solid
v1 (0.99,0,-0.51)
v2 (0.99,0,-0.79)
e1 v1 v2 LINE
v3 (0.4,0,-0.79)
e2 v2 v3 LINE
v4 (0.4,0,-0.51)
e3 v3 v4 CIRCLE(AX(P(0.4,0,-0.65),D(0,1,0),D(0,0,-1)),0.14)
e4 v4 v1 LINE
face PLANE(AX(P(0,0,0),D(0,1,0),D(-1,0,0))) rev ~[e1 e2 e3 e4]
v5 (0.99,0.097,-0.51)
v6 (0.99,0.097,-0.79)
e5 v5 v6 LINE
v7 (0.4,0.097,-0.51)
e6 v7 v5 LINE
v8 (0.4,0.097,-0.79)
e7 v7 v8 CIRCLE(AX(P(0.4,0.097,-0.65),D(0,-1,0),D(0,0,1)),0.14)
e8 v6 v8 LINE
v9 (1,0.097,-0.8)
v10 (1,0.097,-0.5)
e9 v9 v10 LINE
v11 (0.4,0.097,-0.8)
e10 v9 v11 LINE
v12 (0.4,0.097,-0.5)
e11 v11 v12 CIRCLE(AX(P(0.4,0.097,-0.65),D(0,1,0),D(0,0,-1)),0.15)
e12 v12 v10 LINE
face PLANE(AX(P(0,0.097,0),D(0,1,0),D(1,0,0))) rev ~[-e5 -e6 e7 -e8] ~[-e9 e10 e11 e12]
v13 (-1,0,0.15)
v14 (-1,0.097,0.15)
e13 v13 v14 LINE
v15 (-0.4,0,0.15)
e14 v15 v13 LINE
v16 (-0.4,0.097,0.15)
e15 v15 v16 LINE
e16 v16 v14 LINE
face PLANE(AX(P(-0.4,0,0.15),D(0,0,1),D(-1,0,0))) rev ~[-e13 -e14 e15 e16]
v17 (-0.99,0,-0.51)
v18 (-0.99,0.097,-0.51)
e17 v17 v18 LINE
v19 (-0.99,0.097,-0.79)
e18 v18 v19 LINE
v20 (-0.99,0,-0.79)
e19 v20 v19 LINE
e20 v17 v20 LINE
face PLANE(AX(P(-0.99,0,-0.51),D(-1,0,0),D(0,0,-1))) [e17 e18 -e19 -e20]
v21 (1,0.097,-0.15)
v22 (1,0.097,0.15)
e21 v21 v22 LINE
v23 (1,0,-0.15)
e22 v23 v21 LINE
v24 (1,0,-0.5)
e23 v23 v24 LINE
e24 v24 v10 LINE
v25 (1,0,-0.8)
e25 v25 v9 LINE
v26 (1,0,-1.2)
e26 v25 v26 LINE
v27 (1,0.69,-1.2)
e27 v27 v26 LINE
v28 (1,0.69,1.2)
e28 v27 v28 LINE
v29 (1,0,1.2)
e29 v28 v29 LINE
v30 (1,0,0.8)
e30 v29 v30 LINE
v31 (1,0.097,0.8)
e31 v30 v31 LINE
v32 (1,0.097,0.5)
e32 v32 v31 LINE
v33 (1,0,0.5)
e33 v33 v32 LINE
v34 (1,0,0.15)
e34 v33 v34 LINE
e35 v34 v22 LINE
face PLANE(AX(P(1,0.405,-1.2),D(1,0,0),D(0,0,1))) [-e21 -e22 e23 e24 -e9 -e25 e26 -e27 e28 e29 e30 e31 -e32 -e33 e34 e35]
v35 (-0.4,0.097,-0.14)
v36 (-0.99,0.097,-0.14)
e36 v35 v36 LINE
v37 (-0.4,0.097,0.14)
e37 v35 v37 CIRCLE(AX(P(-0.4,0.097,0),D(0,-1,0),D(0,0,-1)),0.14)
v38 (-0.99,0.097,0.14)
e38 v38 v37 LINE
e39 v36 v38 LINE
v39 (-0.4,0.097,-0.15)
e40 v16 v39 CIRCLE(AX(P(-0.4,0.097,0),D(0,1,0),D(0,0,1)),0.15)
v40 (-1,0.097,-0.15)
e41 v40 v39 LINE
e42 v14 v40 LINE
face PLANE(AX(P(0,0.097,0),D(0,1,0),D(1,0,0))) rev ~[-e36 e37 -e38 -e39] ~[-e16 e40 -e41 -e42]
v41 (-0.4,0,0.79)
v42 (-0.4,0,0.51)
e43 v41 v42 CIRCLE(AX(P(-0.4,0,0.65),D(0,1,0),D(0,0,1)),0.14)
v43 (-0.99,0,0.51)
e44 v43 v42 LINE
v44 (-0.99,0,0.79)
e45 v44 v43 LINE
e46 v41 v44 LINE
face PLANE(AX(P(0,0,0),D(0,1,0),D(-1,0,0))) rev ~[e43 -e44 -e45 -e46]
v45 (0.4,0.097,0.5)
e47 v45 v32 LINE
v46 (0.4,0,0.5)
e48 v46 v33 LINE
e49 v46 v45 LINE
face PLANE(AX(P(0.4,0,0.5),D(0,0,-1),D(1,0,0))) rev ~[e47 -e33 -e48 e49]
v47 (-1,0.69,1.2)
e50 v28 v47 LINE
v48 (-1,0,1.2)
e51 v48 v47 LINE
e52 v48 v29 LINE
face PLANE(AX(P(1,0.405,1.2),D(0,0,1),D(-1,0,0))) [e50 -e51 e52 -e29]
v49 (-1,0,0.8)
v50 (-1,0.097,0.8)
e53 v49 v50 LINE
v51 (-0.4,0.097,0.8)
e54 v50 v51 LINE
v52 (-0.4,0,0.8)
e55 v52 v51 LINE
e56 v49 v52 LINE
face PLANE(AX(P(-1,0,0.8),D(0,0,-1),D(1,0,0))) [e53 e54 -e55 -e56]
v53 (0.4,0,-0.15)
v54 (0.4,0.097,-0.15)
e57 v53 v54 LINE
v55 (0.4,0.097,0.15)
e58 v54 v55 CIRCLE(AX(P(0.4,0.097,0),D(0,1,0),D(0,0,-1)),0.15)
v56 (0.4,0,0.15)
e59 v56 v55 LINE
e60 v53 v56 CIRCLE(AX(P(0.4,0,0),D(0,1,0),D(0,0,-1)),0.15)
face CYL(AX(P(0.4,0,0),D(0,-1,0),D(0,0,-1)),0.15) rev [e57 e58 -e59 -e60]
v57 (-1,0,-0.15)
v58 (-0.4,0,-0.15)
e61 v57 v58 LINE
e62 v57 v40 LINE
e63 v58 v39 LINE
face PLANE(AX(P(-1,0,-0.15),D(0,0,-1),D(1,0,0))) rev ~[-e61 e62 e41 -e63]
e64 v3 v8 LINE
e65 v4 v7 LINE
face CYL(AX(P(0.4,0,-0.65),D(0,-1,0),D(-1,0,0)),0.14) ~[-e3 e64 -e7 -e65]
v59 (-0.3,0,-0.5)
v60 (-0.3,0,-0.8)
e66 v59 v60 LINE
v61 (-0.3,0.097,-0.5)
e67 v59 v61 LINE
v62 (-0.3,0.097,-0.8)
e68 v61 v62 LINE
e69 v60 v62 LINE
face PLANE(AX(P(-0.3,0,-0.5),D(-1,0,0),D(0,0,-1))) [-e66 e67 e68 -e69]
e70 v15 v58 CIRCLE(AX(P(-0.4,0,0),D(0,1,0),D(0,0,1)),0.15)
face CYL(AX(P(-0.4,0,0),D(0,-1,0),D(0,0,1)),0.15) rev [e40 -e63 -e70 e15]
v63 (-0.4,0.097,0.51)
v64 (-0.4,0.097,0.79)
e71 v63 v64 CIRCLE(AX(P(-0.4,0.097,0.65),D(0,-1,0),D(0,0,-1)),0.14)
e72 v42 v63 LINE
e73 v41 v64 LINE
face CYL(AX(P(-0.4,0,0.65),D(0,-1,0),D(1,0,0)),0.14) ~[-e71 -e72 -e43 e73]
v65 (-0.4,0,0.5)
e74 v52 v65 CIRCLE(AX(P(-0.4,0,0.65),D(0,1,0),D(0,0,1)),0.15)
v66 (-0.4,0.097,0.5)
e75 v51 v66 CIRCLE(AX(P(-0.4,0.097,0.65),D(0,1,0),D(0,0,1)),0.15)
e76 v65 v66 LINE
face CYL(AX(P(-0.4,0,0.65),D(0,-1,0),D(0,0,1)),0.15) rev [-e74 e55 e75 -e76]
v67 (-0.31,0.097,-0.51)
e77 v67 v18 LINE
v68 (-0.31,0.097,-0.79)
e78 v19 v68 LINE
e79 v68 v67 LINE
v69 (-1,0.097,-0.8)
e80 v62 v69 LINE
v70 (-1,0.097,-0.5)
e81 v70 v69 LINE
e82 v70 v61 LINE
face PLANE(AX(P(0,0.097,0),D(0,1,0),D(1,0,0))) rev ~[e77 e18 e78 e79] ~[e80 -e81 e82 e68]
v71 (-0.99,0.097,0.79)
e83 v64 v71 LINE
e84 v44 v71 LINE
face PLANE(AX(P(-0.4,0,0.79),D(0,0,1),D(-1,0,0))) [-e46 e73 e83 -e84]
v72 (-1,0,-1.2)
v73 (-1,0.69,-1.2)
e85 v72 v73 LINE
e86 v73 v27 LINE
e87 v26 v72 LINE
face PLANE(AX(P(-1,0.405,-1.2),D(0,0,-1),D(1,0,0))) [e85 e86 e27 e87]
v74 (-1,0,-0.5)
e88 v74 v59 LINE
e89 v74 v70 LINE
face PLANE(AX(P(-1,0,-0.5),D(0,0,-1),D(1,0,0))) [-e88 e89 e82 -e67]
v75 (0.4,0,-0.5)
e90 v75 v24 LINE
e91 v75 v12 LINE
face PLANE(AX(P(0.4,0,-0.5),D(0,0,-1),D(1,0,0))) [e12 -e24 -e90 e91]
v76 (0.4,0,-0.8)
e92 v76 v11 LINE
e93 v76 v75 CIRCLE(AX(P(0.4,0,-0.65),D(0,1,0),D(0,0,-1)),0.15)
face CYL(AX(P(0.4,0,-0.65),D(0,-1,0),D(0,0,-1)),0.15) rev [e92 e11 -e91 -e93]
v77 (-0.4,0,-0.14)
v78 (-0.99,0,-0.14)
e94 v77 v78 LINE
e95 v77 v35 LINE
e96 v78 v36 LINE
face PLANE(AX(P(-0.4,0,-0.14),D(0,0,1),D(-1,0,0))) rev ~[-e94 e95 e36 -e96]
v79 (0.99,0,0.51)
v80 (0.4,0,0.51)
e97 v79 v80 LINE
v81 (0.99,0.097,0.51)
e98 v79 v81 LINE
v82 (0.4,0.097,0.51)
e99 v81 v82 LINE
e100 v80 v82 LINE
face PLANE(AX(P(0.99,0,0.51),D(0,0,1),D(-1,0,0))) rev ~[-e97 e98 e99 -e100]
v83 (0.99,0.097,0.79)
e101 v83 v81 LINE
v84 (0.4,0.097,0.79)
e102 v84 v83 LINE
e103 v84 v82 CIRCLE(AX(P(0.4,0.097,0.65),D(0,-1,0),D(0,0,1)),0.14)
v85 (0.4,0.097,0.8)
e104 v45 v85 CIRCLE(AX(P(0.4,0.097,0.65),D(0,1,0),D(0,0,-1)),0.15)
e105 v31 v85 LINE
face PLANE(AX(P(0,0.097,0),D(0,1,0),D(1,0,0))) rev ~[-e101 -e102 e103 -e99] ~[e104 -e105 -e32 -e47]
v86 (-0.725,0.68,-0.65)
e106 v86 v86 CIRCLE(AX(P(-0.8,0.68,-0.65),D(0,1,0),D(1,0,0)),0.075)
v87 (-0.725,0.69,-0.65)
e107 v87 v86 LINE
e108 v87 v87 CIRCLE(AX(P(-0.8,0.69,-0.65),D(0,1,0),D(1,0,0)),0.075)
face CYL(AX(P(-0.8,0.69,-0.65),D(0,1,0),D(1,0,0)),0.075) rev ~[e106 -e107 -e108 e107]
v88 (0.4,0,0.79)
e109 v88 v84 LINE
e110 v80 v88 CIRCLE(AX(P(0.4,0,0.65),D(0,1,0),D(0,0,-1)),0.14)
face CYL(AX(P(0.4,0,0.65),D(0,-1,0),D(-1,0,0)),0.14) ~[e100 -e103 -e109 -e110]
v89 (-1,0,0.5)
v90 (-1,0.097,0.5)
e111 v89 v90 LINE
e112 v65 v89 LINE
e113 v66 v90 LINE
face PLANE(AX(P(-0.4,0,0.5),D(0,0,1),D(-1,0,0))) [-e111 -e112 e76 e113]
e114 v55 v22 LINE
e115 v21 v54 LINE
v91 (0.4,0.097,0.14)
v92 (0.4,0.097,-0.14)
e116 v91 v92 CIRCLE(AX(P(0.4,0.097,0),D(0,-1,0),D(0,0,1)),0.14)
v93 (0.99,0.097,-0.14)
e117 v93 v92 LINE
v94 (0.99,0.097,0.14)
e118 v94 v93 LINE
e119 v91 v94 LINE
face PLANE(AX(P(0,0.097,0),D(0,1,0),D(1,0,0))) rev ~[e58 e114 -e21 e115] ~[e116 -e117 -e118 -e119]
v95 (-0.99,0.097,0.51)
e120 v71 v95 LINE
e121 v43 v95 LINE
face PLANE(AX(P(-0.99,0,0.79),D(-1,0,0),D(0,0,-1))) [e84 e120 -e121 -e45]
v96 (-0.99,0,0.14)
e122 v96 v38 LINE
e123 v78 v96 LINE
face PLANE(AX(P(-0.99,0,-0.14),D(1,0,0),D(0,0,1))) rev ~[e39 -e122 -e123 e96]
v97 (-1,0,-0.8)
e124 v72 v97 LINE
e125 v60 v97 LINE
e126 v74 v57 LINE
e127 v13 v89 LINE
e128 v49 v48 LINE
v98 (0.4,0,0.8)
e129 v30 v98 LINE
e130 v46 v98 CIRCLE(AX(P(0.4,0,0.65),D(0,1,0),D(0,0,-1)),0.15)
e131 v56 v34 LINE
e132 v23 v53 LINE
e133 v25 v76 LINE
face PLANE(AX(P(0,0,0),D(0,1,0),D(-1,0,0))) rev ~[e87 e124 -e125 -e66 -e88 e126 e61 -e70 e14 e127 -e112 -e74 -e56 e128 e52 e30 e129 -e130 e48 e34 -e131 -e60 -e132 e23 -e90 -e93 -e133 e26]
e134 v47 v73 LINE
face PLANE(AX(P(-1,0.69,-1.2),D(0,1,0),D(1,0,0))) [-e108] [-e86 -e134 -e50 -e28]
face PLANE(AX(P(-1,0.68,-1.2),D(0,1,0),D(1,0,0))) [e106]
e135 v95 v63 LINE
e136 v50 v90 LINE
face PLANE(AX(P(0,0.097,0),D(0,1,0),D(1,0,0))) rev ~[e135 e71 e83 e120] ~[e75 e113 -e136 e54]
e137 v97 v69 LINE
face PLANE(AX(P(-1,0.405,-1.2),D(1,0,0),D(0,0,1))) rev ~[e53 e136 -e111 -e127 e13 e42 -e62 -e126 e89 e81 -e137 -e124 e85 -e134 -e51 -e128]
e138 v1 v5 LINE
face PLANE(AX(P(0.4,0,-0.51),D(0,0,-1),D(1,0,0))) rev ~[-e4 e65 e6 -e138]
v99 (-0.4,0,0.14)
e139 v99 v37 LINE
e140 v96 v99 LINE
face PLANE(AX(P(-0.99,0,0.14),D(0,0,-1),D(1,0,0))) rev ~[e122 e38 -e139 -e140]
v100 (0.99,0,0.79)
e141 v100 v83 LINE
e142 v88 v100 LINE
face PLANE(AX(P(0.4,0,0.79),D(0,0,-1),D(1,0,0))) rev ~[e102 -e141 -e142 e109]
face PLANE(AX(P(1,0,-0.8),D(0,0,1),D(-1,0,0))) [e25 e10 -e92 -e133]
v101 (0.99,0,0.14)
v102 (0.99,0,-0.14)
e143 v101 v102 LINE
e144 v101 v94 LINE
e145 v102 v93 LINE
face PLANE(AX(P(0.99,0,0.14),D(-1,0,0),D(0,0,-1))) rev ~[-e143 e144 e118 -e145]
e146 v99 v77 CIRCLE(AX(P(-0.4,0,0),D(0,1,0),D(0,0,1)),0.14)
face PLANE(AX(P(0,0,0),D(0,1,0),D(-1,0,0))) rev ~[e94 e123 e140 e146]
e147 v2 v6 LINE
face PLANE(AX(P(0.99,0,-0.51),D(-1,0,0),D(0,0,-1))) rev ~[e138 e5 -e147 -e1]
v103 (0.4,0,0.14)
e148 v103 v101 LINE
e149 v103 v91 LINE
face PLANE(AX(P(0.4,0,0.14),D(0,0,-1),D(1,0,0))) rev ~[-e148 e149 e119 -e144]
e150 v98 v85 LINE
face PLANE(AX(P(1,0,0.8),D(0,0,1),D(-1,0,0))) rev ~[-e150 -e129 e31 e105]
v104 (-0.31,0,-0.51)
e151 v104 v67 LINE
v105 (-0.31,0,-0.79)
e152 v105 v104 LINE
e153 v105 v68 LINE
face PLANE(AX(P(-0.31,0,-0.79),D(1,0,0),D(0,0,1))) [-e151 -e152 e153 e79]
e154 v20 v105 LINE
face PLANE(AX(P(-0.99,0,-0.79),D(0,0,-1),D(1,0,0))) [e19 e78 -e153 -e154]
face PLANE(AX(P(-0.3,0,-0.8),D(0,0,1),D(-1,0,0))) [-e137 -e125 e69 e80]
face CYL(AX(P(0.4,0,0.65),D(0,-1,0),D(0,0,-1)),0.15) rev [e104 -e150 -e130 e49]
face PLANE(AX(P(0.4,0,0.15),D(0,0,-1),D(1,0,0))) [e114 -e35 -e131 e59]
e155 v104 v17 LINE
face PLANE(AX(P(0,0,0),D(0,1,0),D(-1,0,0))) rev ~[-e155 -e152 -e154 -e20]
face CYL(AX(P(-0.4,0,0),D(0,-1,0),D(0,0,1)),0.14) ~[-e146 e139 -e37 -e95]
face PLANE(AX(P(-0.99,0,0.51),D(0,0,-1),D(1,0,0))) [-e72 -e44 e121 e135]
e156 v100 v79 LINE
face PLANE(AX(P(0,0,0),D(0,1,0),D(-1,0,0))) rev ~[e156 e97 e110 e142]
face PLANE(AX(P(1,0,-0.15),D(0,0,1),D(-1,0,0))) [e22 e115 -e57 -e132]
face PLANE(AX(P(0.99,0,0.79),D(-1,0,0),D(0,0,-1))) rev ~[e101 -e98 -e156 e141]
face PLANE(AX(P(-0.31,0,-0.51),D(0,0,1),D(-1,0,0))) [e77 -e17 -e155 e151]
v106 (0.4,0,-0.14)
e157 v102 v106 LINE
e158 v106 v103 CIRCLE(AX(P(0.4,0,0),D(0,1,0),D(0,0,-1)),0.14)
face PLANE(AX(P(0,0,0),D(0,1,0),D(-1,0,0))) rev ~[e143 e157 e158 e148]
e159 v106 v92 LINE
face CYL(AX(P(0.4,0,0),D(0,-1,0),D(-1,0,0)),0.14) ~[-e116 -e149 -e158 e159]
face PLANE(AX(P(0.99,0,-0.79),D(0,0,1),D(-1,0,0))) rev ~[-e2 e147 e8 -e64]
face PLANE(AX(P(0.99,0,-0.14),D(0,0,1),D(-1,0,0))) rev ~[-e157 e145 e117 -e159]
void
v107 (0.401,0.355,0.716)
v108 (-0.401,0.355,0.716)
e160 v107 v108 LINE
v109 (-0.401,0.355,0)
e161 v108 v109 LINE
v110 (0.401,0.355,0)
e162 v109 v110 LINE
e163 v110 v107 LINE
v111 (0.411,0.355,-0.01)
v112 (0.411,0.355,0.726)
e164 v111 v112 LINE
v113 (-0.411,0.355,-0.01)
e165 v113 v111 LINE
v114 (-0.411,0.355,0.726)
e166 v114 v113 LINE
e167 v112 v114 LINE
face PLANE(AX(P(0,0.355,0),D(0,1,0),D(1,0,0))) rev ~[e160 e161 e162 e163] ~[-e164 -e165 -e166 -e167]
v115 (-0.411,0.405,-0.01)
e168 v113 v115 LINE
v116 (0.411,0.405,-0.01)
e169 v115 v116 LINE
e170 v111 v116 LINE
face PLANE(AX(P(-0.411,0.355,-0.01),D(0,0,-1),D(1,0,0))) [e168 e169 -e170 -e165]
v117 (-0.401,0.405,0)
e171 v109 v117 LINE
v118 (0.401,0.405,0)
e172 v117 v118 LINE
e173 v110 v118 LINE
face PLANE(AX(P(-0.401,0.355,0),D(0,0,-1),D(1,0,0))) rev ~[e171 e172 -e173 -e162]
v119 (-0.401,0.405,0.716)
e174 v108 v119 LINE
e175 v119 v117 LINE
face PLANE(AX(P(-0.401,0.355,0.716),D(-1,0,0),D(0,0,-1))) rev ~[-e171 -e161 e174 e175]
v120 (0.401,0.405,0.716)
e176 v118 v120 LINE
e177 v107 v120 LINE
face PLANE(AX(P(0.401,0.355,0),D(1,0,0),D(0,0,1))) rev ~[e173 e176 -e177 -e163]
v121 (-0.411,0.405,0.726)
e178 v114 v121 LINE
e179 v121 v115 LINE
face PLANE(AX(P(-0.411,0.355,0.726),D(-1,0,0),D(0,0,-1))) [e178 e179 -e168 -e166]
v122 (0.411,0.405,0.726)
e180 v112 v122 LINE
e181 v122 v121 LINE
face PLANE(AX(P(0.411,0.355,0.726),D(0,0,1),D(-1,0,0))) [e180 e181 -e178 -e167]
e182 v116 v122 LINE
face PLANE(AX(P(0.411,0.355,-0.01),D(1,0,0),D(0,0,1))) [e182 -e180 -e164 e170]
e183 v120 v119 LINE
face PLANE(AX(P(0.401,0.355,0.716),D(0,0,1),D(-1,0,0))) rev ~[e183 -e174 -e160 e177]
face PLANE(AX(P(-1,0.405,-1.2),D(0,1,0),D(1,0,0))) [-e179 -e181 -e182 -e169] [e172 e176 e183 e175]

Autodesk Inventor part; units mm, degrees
ref_plane "YZ Plane" through (0, 0, 0) normal (1, 0, 0) x (0, 1, 0)
ref_plane "XZ Plane" through (0, 0, 0) normal (0, 1, 0) x (-1, 0, 0)
ref_plane "XY Plane" through (0, 0, 0) normal (0, 0, 1) x (1, 0, 0)
sketch "Sketch1" plane through (0, 0, 0) normal (0, 1, 0) x (-1, 0, 0)
  line L0 (1, 1.2) -> (-1, 1.2)
  line L1 (-1, 1.2) -> (-1, -1.2)
  line L2 (-1, -1.2) -> (1, -1.2)
  line L3 (1, -1.2) -> (1, 1.2)
  line L4 (1, 1.2) -> (-1, -1.2) construction
  line L5 (-1, 1.2) -> (1, -1.2) construction
  line L6 (1, 0) -> (-1, 0) construction
  line L7 (0, -1.2) -> (0, 1.2) construction
  line L8 (1, -0.15) -> (0.4, -0.15)
  line L9 (0.25, 0) -> (0.25, 0)
  line L10 (0.4, 0.15) -> (1, 0.15)
  line L11 (1, 0.15) -> (1, -0.15)
  arc A0 (0.25, 0) -> (0.4, -0.15) centre (0.4, 0) ccw
  arc A1 (0.4, 0.15) -> (0.25, 0) centre (0.4, 0) ccw
  line L12 (-1, -0.15) -> (-0.4, -0.15)
  line L13 (-0.25, 0) -> (-0.25, 0)
  line L14 (-0.4, 0.15) -> (-1, 0.15)
  line L15 (-1, 0.15) -> (-1, -0.15)
  arc A2 (-0.4, -0.15) -> (-0.25, 0) centre (-0.4, 0) ccw
  arc A3 (-0.25, 0) -> (-0.4, 0.15) centre (-0.4, 0) ccw
  line L16 (1, -0.5) -> (0.3, -0.5)
  line L17 (0.3, -0.5) -> (0.3, -0.8)
  line L18 (0.3, -0.8) -> (1, -0.8)
  line L19 (1, -0.8) -> (1, -0.5)
  line L20 (1, 0.8) -> (0.4, 0.8)
  line L21 (0.25, 0.65) -> (0.25, 0.65)
  line L22 (0.4, 0.5) -> (1, 0.5)
  line L23 (1, 0.5) -> (1, 0.8)
  arc A4 (0.4, 0.8) -> (0.25, 0.65) centre (0.4, 0.65) ccw
  arc A5 (0.25, 0.65) -> (0.4, 0.5) centre (0.4, 0.65) ccw
  line L24 (-1, 0.8) -> (-0.4, 0.8)
  line L25 (-0.25, 0.65) -> (-0.25, 0.65)
  line L26 (-0.4, 0.5) -> (-1, 0.5)
  line L27 (-1, 0.5) -> (-1, 0.8)
  arc A6 (-0.25, 0.65) -> (-0.4, 0.8) centre (-0.4, 0.65) ccw
  arc A7 (-0.4, 0.5) -> (-0.25, 0.65) centre (-0.4, 0.65) ccw
  line L28 (-1, -0.8) -> (-0.4, -0.8)
  line L29 (-0.25, -0.65) -> (-0.25, -0.65)
  line L30 (-0.4, -0.5) -> (-1, -0.5)
  line L31 (-1, -0.5) -> (-1, -0.8)
  arc A8 (-0.25, -0.65) -> (-0.4, -0.5) centre (-0.4, -0.65) ccw
  arc A9 (-0.4, -0.8) -> (-0.25, -0.65) centre (-0.4, -0.65) ccw
  line L32 (0.4, 0.79) -> (0.99, 0.79)
  line L33 (0.99, 0.79) -> (0.99, 0.51)
  line L34 (0.99, 0.51) -> (0.4, 0.51)
  arc A10 (0.26, 0.65) -> (0.4, 0.51) centre (0.4, 0.65) ccw
  arc A11 (0.4, 0.79) -> (0.26, 0.65) centre (0.4, 0.65) ccw
  line L35 (-0.4, 0.79) -> (-0.99, 0.79)
  line L36 (-0.99, 0.79) -> (-0.99, 0.51)
  line L37 (-0.99, 0.51) -> (-0.4, 0.51)
  arc A12 (-0.4, 0.51) -> (-0.26, 0.65) centre (-0.4, 0.65) ccw
  arc A13 (-0.26, 0.65) -> (-0.4, 0.79) centre (-0.4, 0.65) ccw
  line L38 (-0.4, 0.14) -> (-0.99, 0.14)
  line L39 (-0.99, 0.14) -> (-0.99, -0.14)
  line L40 (-0.99, -0.14) -> (-0.4, -0.14)
  arc A14 (-0.4, -0.14) -> (-0.26, 0) centre (-0.4, 0) ccw
  arc A15 (-0.26, 0) -> (-0.4, 0.14) centre (-0.4, 0) ccw
  line L41 (-0.4, -0.51) -> (-0.99, -0.51)
  line L42 (-0.99, -0.51) -> (-0.99, -0.79)
  line L43 (-0.99, -0.79) -> (-0.4, -0.79)
  arc A16 (-0.4, -0.79) -> (-0.26, -0.65) centre (-0.4, -0.65) ccw
  arc A17 (-0.26, -0.65) -> (-0.4, -0.51) centre (-0.4, -0.65) ccw
  line L44 (0.31, -0.79) -> (0.31, -0.51)
  line L45 (0.31, -0.51) -> (0.99, -0.51)
  line L46 (0.99, -0.51) -> (0.99, -0.79)
  line L47 (0.99, -0.79) -> (0.31, -0.79)
  arc A18 (0.26, 0) -> (0.4, -0.14) centre (0.4, 0) ccw
  line L48 (0.4, -0.14) -> (0.99, -0.14)
  line L49 (0.99, -0.14) -> (0.99, 0.14)
  line L50 (0.99, 0.14) -> (0.4, 0.14)
  arc A19 (0.4, 0.14) -> (0.26, 0) centre (0.4, 0) ccw
  point P0 (0, 0)
  point P1 (0.25, 0.15)
  point P2 (0.25, -0.15)
  point P3 (-0.25, 0.15)
  point P4 (-0.25, -0.15)
  point P5 (0.25, 0.5)
  point P6 (0.25, 0.8)
  point P7 (-0.25, 0.5)
  point P8 (-0.25, 0.8)
  point P9 (-0.25, -0.5)
  point P10 (-0.25, -0.8)
  dimension "d0" = 2
  dimension "d1" = 2.4
  dimension "d2" = 0.75
  dimension "d3" = 0.3
  dimension "d4" = 0.15
  dimension "d5" = 0.7
  dimension "d6" = 0.3
  dimension "d7" = 0.65
  dimension "d8" = 0.75
  dimension "d9" = 0.3
  dimension "d10" = 0.65
  dimension "d11" = 0.15
  dimension "d12" = 0.75
  dimension "d13" = 0.3
  dimension "d14" = 0.15
  dimension "d15" = 0.65
  dimension "d16" = 0.01
  dimension "d17" = 0.01
  dimension "d18" = 0.01
  dimension "d19" = 0.01
  dimension "d20" = 0.01
  dimension "d21" = 0.01
extrude "Extrusion1" add sketch "Sketch1" along normal blind 0.097 contours L32 L33 L34 A10 A11 | A13 A12 L37 L36 L35 | A15 A14 L40 L39 L38 | A17 A16 L43 L42 L41 | L44 L45 L46 L47 | A19 L50 L49 L48 A18
extrude "Extrusion2" add sketch "Sketch1" along normal blind 0.097 contours L3 L20 A4 A5 L22 L10 A1 A0 L8 L16 L17 L18 L2 L1 L28 A9 A8 L30 L12 A2 A3 L14 L26 A7 A6 L24 L0
sketch "Sketch2" plane through (0, 0.097, 0) normal (0, 1, 0) x (1, 0, 0)
  line L0 (1, -1.2) -> (1, -0.8) projected
  line L1 (-1, 1.2) -> (1, 1.2)
  line L2 (1, 1.2) -> (1, -1.2)
  line L3 (1, -1.2) -> (-1, -1.2)
  line L4 (-1, -1.2) -> (-1, 1.2)
  point P0 (0, 0)
extrude "Extrusion3" add sketch "Sketch2" along normal blind 0.258
sketch "Sketch3" plane through (0, 0.355, 0) normal (0, 1, 0) x (1, 0, 0)
  line L0 (-0.401, 0) -> (0.401, 0)
  line L1 (0.401, 0) -> (0.401, -0.716)
  line L2 (0.401, -0.716) -> (-0.401, -0.716)
  line L3 (-0.401, -0.716) -> (-0.401, 0)
  line L4 (-1, -0.15) -> (-1, 0.15) construction
  line L5 (-1, 0) -> (0.9997, 0) construction
  line L6 (1, 1.2) -> (-1, 1.2) construction
  line L7 (0, 1.2) -> (0, -1.2) construction
  line L8 (-1, -1.2) -> (1, -1.2) construction
  point P0 (0, 0)
  dimension "d46" = 0.802
  dimension "d47" = 0.716
extrude "Extrusion4" add sketch "Sketch3" along normal blind 0.05
sketch "Sketch4" plane through (0, 0.355, 0) normal (0, 1, 0) x (1, 0, 0)
  line L0 (-1, 1.2) -> (-1, -1.2) projected
  line L1 (-1, -1.2) -> (1, -1.2) projected
  line L2 (-1, 1.2) -> (1, 1.2)
  line L3 (1, 1.2) -> (1, -1.2)
  line L4 (1, -1.2) -> (-1, -1.2)
  line L5 (-1, -1.2) -> (-1, 1.2)
  line L6 (0.401, 0) -> (-0.401, 0) projected
  line L7 (-0.401, 0) -> (-0.401, -0.716) projected
  line L8 (-0.401, -0.716) -> (0.401, -0.716) projected
  line L9 (0.401, -0.716) -> (0.401, 0) projected
  line L10 (-0.411, 0.01) -> (0.411, 0.01)
  line L11 (0.411, 0.01) -> (0.411, -0.726)
  line L12 (0.411, -0.726) -> (-0.411, -0.726)
  line L13 (-0.411, -0.726) -> (-0.411, 0.01)
  point P0 (0, 0)
  dimension "d50" = 0.01
extrude "Extrusion5" add sketch "Sketch4" along normal up to surface (0.05 mm away) contours L2 L3 L1 L0
sketch "Sketch5" plane through (-1, 0.405, -1.2) normal (0, 1, 0) x (1, 0, 0)
  line L0 (0, 0) -> (0, -0.4) projected
  line L1 (2, 0) -> (2, -2.4) projected
  line L2 (0, 0) -> (2, 0)
  line L3 (2, 0) -> (2, -2.4)
  line L4 (2, -2.4) -> (0, -2.4)
  line L5 (0, -2.4) -> (0, 0)
  point P0 (1, -1.2)
extrude "Extrusion6" add sketch "Sketch5" along normal blind 0.285
sketch "Sketch6" plane through (-1, 0.69, -1.2) normal (0, 1, 0) x (1, 0, 0)
  circle A0 centre (0.2, -0.55) radius 0.075
  line L0 (0, 0) -> (0, -2.4) projected
  line L1 (2, 0) -> (0, 0) projected
  point P0 (1, -1.2)
  dimension "d55" = 0.15
  dimension "d56" = 0.2
  dimension "d57" = 0.55
extrude "Extrusion7" cut sketch "Sketch6" against normal blind 0.01
properties part number "tsl2591"
